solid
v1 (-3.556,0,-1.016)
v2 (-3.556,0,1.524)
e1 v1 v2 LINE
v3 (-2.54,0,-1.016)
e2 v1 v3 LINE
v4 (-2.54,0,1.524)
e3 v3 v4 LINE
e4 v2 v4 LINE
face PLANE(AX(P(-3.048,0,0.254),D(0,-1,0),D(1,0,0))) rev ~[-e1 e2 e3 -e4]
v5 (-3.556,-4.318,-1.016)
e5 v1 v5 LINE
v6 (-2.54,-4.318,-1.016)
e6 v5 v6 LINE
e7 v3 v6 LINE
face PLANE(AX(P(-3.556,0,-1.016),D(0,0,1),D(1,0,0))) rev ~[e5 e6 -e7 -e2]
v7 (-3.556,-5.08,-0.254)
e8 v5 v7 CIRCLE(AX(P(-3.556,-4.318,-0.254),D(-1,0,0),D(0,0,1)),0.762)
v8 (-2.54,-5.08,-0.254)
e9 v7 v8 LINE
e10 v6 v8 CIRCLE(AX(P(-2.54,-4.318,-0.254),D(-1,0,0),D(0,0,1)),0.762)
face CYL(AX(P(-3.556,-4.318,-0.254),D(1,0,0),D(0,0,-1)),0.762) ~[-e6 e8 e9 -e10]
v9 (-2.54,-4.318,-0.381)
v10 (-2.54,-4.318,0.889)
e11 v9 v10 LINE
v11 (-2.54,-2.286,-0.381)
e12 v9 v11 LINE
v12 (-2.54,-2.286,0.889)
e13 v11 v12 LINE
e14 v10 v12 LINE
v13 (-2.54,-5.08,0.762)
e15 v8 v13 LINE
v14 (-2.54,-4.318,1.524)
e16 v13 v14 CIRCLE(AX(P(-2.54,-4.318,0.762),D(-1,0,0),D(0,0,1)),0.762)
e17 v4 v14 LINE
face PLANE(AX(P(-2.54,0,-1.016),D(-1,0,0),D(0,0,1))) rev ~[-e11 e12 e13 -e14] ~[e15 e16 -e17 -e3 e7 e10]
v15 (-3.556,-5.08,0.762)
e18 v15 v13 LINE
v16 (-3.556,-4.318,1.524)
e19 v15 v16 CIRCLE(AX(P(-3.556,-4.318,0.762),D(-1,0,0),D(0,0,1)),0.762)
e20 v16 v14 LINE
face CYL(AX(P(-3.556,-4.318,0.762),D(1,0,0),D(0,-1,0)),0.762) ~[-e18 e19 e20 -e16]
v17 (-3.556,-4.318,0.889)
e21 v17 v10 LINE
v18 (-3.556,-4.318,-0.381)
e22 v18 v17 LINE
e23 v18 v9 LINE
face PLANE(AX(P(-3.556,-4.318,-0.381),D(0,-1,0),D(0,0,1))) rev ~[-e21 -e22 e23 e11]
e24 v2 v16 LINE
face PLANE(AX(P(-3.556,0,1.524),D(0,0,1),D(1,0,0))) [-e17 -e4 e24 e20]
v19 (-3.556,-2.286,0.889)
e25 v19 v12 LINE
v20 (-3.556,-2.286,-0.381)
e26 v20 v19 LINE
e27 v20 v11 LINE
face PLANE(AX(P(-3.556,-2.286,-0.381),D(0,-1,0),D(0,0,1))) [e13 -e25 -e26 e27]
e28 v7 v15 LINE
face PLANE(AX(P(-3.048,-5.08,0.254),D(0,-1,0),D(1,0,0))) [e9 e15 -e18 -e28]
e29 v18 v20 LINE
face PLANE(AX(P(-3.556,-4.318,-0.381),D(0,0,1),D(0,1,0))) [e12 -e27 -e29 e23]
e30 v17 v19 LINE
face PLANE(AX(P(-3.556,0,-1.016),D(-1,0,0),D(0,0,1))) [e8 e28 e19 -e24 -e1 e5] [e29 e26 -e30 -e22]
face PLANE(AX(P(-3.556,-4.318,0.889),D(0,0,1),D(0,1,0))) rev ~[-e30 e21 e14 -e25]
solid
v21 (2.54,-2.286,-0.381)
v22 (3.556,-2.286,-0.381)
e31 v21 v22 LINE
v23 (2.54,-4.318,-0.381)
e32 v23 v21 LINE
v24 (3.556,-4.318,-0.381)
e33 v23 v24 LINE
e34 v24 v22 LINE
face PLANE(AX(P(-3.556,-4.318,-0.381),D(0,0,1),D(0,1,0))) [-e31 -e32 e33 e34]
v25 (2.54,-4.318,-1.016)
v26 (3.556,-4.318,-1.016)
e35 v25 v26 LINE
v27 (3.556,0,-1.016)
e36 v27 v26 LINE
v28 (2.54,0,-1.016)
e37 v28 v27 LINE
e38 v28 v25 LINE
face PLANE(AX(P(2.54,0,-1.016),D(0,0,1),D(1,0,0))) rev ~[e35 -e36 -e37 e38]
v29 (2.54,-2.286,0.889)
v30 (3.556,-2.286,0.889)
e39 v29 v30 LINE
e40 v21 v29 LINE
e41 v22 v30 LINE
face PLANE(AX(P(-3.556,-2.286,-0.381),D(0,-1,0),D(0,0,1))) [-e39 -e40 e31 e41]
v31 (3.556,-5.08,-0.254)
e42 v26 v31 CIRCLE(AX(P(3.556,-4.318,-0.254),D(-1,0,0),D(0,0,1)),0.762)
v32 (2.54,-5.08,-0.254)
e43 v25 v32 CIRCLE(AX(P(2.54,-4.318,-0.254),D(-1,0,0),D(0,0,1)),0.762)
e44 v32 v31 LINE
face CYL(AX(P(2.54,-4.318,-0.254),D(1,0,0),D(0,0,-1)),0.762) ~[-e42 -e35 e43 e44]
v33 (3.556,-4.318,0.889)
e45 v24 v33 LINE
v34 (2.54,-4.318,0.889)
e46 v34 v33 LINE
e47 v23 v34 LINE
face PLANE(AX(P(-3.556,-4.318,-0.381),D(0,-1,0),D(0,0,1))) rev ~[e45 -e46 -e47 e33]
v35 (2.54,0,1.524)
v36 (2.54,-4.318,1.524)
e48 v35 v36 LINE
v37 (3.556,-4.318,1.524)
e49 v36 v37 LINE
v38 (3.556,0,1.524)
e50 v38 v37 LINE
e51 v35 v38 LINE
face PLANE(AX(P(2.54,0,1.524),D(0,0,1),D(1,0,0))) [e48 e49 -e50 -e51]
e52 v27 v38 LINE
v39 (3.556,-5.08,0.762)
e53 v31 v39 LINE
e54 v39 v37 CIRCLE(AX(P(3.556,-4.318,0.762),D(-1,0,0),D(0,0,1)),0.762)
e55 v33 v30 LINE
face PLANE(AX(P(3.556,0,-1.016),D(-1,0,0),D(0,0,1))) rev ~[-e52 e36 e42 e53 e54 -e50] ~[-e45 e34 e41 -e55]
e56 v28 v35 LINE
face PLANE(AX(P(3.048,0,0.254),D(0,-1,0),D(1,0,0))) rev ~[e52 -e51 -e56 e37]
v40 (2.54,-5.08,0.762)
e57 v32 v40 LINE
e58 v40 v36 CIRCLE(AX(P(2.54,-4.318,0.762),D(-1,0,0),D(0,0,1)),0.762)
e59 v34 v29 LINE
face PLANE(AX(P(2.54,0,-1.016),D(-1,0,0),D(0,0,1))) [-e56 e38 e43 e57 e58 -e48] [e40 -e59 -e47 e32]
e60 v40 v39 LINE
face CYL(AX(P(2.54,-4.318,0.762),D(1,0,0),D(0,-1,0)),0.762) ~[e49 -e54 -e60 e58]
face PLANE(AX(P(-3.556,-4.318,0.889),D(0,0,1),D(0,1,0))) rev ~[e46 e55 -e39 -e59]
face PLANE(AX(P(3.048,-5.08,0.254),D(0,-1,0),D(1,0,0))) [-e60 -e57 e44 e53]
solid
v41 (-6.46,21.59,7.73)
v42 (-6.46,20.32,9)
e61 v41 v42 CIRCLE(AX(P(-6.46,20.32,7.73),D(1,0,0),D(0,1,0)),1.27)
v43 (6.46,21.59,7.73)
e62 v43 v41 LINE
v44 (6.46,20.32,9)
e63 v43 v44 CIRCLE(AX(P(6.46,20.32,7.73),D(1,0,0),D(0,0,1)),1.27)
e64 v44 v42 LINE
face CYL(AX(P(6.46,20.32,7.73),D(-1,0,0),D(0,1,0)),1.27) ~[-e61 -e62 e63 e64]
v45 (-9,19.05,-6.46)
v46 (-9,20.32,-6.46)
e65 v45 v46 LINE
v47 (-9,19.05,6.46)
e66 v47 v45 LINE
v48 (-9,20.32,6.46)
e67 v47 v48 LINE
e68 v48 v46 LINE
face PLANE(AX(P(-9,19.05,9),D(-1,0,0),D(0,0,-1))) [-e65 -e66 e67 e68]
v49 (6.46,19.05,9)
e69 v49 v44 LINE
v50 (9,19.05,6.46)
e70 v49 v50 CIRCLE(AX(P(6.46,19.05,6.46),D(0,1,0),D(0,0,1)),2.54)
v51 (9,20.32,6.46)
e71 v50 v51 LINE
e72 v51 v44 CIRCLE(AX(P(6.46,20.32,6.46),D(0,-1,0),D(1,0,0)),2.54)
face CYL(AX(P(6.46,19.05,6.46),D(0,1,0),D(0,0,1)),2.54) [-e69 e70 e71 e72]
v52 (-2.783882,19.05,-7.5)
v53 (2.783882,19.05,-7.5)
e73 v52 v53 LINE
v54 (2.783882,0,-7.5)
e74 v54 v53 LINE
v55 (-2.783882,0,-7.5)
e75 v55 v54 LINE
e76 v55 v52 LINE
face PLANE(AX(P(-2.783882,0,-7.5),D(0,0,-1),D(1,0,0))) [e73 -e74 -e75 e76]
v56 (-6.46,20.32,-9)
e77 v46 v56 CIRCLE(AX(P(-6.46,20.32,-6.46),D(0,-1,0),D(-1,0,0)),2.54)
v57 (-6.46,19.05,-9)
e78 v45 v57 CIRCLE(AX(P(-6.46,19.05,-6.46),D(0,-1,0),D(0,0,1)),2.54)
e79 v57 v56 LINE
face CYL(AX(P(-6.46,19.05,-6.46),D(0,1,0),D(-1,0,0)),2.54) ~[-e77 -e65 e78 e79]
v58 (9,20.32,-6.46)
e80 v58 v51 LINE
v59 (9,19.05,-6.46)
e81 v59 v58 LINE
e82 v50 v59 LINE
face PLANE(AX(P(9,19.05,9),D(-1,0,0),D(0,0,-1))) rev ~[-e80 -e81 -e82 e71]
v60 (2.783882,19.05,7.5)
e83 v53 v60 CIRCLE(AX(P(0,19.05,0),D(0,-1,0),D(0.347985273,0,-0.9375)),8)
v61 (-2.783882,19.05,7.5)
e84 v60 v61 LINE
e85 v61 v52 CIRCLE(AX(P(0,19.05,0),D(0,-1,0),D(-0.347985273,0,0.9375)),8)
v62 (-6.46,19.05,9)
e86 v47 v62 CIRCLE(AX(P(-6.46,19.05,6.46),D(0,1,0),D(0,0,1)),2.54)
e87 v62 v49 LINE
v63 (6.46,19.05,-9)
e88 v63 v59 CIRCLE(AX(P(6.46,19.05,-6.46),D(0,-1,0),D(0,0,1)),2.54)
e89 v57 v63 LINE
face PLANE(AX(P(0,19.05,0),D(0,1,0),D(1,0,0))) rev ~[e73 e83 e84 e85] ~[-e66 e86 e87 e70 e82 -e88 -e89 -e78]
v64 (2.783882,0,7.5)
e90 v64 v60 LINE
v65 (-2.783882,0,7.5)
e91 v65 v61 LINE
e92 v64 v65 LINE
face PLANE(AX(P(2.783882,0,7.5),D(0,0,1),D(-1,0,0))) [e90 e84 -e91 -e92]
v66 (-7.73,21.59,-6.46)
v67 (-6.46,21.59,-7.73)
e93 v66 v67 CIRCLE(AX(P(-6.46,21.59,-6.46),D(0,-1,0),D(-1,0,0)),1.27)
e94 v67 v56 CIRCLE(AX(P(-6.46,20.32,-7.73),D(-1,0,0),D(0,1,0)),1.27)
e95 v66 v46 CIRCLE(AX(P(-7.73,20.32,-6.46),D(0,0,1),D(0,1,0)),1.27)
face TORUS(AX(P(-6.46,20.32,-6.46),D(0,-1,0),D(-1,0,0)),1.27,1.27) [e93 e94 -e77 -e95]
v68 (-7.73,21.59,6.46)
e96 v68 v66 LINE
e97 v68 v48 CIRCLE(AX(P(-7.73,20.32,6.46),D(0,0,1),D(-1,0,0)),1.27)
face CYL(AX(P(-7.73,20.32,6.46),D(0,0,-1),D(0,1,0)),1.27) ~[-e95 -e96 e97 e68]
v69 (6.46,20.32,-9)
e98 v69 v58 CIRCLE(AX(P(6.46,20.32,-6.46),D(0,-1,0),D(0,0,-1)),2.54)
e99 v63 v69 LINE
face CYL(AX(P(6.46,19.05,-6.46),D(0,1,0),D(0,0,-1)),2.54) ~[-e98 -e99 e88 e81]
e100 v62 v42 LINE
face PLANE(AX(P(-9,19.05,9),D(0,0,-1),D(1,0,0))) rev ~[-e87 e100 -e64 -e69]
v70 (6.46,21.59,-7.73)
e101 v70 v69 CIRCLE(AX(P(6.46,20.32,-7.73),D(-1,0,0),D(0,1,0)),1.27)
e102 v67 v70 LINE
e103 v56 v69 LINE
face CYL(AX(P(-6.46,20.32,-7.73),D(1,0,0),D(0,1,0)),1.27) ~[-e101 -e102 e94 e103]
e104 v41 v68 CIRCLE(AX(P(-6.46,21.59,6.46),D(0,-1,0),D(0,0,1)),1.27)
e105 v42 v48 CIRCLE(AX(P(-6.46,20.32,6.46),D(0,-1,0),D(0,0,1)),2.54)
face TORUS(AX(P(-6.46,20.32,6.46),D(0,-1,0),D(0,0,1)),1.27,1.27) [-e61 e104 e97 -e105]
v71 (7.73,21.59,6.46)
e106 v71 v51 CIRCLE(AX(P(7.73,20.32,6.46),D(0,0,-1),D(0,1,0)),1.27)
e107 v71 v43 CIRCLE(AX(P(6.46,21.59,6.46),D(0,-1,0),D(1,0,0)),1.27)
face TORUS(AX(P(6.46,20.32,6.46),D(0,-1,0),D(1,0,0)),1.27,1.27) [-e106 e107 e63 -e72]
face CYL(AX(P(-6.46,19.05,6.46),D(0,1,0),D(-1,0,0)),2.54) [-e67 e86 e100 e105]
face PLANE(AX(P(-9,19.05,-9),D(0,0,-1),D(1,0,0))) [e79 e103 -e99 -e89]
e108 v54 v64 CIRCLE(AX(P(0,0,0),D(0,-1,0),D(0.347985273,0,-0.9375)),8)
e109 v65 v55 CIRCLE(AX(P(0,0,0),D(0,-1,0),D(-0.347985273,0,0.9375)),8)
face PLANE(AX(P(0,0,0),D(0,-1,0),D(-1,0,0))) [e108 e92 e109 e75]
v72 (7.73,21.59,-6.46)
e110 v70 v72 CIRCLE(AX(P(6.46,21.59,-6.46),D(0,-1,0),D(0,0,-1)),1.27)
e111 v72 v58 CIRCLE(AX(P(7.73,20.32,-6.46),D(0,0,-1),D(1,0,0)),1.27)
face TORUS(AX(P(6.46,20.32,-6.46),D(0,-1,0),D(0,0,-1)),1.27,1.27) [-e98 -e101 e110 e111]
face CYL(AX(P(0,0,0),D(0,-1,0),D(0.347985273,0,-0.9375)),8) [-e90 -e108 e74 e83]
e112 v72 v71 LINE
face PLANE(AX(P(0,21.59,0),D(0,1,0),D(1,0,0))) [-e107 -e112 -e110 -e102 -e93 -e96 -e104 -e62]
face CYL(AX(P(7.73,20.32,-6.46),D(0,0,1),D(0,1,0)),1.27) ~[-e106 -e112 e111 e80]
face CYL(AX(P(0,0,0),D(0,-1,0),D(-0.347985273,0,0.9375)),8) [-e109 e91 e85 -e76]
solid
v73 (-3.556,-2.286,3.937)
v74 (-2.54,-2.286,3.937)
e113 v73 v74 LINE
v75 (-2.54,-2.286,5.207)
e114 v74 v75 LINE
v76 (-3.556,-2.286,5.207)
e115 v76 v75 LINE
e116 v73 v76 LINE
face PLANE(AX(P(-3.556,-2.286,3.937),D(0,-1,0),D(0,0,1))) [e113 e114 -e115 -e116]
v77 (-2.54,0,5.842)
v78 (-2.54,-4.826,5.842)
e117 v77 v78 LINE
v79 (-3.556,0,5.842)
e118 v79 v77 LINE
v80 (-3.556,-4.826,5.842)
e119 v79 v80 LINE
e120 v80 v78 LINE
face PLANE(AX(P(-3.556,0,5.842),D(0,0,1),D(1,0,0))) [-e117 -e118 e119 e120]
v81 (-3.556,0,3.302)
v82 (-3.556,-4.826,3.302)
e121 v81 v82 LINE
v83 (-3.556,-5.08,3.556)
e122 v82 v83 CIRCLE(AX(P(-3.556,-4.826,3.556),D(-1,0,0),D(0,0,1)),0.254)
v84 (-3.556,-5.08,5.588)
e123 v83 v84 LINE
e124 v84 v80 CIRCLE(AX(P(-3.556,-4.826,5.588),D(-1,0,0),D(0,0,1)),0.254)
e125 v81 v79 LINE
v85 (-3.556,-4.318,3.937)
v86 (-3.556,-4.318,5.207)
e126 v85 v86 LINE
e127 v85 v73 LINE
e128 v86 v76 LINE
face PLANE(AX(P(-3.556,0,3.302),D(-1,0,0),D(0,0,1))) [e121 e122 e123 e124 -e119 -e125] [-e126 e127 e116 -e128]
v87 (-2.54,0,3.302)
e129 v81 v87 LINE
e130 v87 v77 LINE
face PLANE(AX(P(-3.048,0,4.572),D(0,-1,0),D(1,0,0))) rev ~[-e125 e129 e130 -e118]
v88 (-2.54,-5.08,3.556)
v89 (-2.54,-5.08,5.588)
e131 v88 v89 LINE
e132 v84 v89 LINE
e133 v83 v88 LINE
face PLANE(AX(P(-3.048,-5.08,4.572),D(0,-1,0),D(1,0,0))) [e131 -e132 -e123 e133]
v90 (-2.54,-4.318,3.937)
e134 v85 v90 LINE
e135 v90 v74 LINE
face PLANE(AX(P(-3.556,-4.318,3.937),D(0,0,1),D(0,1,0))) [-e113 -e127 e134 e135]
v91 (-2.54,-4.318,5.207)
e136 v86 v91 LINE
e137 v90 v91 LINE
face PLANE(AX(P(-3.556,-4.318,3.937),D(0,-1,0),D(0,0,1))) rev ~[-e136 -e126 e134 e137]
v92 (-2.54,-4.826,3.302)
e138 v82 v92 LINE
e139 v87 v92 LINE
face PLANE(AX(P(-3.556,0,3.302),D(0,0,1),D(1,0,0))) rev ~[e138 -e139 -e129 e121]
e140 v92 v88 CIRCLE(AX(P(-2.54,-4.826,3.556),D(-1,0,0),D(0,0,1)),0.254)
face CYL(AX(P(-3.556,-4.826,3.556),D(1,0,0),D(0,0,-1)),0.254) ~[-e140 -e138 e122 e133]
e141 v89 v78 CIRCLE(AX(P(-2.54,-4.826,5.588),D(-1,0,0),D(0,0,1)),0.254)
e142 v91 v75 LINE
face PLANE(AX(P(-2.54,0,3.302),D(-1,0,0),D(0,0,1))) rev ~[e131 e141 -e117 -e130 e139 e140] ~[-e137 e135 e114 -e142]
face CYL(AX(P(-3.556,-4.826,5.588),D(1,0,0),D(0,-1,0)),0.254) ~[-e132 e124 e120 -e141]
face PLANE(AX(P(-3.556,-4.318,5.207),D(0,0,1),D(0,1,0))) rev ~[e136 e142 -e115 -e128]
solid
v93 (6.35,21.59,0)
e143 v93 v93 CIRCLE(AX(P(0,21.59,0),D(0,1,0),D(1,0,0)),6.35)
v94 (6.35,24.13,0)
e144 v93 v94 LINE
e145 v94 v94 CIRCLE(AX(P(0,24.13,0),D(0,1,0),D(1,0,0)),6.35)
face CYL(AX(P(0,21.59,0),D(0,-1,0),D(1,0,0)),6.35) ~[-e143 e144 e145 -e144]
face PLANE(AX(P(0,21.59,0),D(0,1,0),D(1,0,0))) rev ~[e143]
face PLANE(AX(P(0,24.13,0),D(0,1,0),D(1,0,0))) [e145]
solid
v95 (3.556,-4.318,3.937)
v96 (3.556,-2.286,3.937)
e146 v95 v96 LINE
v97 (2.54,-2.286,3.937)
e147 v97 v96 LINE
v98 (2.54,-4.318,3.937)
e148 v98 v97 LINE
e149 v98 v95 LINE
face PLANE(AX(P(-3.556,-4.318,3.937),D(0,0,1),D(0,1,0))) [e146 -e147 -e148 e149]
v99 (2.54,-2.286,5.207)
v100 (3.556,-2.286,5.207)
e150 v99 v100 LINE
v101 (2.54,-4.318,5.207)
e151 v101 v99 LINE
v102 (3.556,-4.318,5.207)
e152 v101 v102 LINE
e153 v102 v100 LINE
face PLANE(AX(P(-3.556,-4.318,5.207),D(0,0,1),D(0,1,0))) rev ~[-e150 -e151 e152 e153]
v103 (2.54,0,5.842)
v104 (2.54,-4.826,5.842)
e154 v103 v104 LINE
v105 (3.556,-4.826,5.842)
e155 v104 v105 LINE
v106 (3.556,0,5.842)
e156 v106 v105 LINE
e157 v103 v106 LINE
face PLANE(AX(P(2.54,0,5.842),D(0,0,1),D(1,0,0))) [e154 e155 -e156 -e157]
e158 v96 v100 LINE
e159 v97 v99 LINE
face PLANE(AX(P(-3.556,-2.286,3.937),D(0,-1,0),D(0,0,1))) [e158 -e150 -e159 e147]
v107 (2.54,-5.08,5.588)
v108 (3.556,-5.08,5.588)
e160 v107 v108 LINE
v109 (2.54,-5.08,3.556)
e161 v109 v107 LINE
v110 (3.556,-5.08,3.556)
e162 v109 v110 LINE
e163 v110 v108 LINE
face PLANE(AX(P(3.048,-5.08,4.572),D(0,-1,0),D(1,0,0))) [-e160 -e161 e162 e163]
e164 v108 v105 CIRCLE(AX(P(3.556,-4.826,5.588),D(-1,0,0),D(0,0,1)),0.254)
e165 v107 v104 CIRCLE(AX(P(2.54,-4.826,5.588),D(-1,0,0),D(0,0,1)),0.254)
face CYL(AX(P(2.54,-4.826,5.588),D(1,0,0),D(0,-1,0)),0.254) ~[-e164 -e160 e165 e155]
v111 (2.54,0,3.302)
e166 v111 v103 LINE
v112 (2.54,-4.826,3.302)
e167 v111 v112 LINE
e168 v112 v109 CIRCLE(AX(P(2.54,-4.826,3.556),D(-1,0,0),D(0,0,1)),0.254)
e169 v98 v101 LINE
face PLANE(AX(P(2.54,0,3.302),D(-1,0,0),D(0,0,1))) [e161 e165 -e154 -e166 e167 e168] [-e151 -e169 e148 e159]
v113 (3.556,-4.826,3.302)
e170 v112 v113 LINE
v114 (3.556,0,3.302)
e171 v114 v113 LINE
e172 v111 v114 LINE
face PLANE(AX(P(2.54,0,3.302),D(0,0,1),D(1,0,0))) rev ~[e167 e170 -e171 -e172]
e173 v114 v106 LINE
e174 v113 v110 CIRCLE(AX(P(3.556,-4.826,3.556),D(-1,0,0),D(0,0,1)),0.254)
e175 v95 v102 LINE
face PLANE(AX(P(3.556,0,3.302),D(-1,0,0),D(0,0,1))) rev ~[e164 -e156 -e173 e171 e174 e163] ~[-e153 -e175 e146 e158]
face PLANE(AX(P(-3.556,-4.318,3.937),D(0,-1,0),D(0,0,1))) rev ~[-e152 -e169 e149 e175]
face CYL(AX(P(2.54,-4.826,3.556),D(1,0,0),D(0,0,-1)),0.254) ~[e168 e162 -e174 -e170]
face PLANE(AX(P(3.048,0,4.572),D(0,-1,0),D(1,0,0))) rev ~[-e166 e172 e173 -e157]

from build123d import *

# Parameters (mm, degrees)
BOSS_EXTRUDE1_DEPTH   = 19.05
SKETCH2_W             = 18
SKETCH2_H             = 18
BOSS_EXTRUDE2_DEPTH   = 2.54
FILLET1_R             = 2.54
FILLET2_R             = 1.27
SKETCH3_R             = 6.35
BOSS_EXTRUDE3_DEPTH   = 2.54
SKETCH4_W             = 1.016
SKETCH4_H             = 2.54
BOSS_EXTRUDE5_DEPTH   = 5.08
BOSS_EXTRUDE5_2_DEPTH = 5.08
BOSS_EXTRUDE5_3_DEPTH = 5.08
BOSS_EXTRUDE5_4_DEPTH = 5.08
SKETCH5_W             = 1.27
SKETCH5_H             = 2.032
CUT_EXTRUDE1_DEPTH    = 8.128
FILLET3_R             = 0.254
FILLET4_R             = 0.254
FILLET5_R             = 0.762
FILLET6_R             = 0.762


with BuildPart() as part:
    # Sketch1 → Boss-Extrude1 (new body)
    with BuildSketch(Plane(origin=(0, 0, 0), x_dir=(1, 0, 0), z_dir=(0, 1, 0))):
        with BuildLine():
            Line((-2.783882181, 7.5), (2.783882181, 7.5))
            ThreePointArc((2.783882181, 7.5), (8, 0), (2.783882181, -7.5))
            Line((2.783882181, -7.5), (-2.783882181, -7.5))
            ThreePointArc((-2.783882181, -7.5), (-8, 0), (-2.783882181, 7.5))
        make_face()
    extrude(amount=BOSS_EXTRUDE1_DEPTH)

    # Sketch2 → Boss-Extrude2 (add)
    with BuildSketch(Plane(origin=(0, 19.05, 0), x_dir=(1, 0, 0), z_dir=(0, 1, 0))):
        Rectangle(SKETCH2_W, SKETCH2_H)
    extrude(amount=BOSS_EXTRUDE2_DEPTH)

    # Fillet1
    fillet1_edges = [part.edges().sort_by_distance(p)[0] for p in [
        (-9, 20.32, -9),
        (-9, 20.32, 9),
        (9, 20.32, 9),
        (9, 20.32, -9),
    ]]
    fillet(fillet1_edges, radius=FILLET1_R)

    # Fillet2
    fillet2_edges = [part.edges().sort_by_distance(p)[0] for p in [
        (0, 21.59, -9),
        (9, 21.59, 0),
        (-9, 21.59, 0),
        (0, 21.59, 9),
        (8.256051224, 21.59, 8.256051224),
        (-8.256051224, 21.59, 8.256051224),
        (-8.256051224, 21.59, -8.256051224),
        (8.256051224, 21.59, -8.256051224),
    ]]
    fillet(fillet2_edges, radius=FILLET2_R)


with BuildPart() as body_2:
    # Sketch3 → Boss-Extrude3 (new body)
    with BuildSketch(Plane(origin=(0, 21.59, 0), x_dir=(1, 0, 0), z_dir=(0, 1, 0))):
        Circle(SKETCH3_R)
    extrude(amount=BOSS_EXTRUDE3_DEPTH)


with BuildPart() as body_3:
    # Sketch4 → Boss-Extrude5 (new body)
    with BuildSketch(Plane.XZ):
        with Locations((3.048, 0.254)):
            Rectangle(SKETCH4_W, SKETCH4_H)
    extrude(amount=BOSS_EXTRUDE5_DEPTH)


with BuildPart() as body_4:
    # Sketch4 → Boss-Extrude5 2 (new body)
    with BuildSketch(Plane.XZ):
        with Locations((-3.048, 4.572)):
            Rectangle(SKETCH4_W, SKETCH4_H)
    extrude(amount=BOSS_EXTRUDE5_2_DEPTH)


with BuildPart() as body_5:
    # Sketch4 → Boss-Extrude5 3 (new body)
    with BuildSketch(Plane.XZ):
        with Locations((-3.048, 0.254)):
            Rectangle(SKETCH4_W, SKETCH4_H)
    extrude(amount=BOSS_EXTRUDE5_3_DEPTH)


with BuildPart() as body_6:
    # Sketch4 → Boss-Extrude5 4 (new body)
    with BuildSketch(Plane.XZ):
        with Locations((3.048, 4.572)):
            Rectangle(SKETCH4_W, SKETCH4_H)
    extrude(amount=BOSS_EXTRUDE5_4_DEPTH)


with BuildPart() as cut_extrude1_tool:
    # Sketch5 → Cut-Extrude1 (new body)
    with BuildSketch(Plane.ZY.offset(3.556)):
        with Locations((4.572, -3.302)):
            Rectangle(SKETCH5_W, SKETCH5_H)
        with Locations((0.254, -3.302)):
            Rectangle(SKETCH5_W, SKETCH5_H)
    extrude(amount=-CUT_EXTRUDE1_DEPTH)


with BuildPart() as body_3_1:
    add(body_3.part)

    # Cut-Extrude1: cut by cut_extrude1_tool
    add(cut_extrude1_tool.part, mode=Mode.SUBTRACT)

    # Fillet6
    fillet6_edges = [body_3_1.edges().sort_by_distance(p)[0] for p in [
        (3.048, -5.08, -1.016),
        (3.048, -5.08, 1.524),
    ]]
    fillet(fillet6_edges, radius=FILLET6_R)


with BuildPart() as body_4_1:
    add(body_4.part)

    # Cut-Extrude1: cut by cut_extrude1_tool
    add(cut_extrude1_tool.part, mode=Mode.SUBTRACT)

    # Fillet3
    fillet3_edges = [body_4_1.edges().sort_by_distance(p)[0] for p in [
        (-3.048, -5.08, 5.842),
        (-3.048, -5.08, 3.302),
    ]]
    fillet(fillet3_edges, radius=FILLET3_R)


with BuildPart() as body_5_1:
    add(body_5.part)

    # Cut-Extrude1: cut by cut_extrude1_tool
    add(cut_extrude1_tool.part, mode=Mode.SUBTRACT)

    # Fillet5
    fillet5_edges = [body_5_1.edges().sort_by_distance(p)[0] for p in [
        (-3.048, -5.08, 1.524),
        (-3.048, -5.08, -1.016),
    ]]
    fillet(fillet5_edges, radius=FILLET5_R)


with BuildPart() as body_6_1:
    add(body_6.part)

    # Cut-Extrude1: cut by cut_extrude1_tool
    add(cut_extrude1_tool.part, mode=Mode.SUBTRACT)

    # Fillet4
    fillet4_edges = [body_6_1.edges().sort_by_distance(p)[0] for p in [
        (3.048, -5.08, 3.302),
        (3.048, -5.08, 5.842),
    ]]
    fillet(fillet4_edges, radius=FILLET4_R)


solid = Compound([part.part, body_2.part, body_3_1.part, body_4_1.part, body_5_1.part, body_6_1.part])
